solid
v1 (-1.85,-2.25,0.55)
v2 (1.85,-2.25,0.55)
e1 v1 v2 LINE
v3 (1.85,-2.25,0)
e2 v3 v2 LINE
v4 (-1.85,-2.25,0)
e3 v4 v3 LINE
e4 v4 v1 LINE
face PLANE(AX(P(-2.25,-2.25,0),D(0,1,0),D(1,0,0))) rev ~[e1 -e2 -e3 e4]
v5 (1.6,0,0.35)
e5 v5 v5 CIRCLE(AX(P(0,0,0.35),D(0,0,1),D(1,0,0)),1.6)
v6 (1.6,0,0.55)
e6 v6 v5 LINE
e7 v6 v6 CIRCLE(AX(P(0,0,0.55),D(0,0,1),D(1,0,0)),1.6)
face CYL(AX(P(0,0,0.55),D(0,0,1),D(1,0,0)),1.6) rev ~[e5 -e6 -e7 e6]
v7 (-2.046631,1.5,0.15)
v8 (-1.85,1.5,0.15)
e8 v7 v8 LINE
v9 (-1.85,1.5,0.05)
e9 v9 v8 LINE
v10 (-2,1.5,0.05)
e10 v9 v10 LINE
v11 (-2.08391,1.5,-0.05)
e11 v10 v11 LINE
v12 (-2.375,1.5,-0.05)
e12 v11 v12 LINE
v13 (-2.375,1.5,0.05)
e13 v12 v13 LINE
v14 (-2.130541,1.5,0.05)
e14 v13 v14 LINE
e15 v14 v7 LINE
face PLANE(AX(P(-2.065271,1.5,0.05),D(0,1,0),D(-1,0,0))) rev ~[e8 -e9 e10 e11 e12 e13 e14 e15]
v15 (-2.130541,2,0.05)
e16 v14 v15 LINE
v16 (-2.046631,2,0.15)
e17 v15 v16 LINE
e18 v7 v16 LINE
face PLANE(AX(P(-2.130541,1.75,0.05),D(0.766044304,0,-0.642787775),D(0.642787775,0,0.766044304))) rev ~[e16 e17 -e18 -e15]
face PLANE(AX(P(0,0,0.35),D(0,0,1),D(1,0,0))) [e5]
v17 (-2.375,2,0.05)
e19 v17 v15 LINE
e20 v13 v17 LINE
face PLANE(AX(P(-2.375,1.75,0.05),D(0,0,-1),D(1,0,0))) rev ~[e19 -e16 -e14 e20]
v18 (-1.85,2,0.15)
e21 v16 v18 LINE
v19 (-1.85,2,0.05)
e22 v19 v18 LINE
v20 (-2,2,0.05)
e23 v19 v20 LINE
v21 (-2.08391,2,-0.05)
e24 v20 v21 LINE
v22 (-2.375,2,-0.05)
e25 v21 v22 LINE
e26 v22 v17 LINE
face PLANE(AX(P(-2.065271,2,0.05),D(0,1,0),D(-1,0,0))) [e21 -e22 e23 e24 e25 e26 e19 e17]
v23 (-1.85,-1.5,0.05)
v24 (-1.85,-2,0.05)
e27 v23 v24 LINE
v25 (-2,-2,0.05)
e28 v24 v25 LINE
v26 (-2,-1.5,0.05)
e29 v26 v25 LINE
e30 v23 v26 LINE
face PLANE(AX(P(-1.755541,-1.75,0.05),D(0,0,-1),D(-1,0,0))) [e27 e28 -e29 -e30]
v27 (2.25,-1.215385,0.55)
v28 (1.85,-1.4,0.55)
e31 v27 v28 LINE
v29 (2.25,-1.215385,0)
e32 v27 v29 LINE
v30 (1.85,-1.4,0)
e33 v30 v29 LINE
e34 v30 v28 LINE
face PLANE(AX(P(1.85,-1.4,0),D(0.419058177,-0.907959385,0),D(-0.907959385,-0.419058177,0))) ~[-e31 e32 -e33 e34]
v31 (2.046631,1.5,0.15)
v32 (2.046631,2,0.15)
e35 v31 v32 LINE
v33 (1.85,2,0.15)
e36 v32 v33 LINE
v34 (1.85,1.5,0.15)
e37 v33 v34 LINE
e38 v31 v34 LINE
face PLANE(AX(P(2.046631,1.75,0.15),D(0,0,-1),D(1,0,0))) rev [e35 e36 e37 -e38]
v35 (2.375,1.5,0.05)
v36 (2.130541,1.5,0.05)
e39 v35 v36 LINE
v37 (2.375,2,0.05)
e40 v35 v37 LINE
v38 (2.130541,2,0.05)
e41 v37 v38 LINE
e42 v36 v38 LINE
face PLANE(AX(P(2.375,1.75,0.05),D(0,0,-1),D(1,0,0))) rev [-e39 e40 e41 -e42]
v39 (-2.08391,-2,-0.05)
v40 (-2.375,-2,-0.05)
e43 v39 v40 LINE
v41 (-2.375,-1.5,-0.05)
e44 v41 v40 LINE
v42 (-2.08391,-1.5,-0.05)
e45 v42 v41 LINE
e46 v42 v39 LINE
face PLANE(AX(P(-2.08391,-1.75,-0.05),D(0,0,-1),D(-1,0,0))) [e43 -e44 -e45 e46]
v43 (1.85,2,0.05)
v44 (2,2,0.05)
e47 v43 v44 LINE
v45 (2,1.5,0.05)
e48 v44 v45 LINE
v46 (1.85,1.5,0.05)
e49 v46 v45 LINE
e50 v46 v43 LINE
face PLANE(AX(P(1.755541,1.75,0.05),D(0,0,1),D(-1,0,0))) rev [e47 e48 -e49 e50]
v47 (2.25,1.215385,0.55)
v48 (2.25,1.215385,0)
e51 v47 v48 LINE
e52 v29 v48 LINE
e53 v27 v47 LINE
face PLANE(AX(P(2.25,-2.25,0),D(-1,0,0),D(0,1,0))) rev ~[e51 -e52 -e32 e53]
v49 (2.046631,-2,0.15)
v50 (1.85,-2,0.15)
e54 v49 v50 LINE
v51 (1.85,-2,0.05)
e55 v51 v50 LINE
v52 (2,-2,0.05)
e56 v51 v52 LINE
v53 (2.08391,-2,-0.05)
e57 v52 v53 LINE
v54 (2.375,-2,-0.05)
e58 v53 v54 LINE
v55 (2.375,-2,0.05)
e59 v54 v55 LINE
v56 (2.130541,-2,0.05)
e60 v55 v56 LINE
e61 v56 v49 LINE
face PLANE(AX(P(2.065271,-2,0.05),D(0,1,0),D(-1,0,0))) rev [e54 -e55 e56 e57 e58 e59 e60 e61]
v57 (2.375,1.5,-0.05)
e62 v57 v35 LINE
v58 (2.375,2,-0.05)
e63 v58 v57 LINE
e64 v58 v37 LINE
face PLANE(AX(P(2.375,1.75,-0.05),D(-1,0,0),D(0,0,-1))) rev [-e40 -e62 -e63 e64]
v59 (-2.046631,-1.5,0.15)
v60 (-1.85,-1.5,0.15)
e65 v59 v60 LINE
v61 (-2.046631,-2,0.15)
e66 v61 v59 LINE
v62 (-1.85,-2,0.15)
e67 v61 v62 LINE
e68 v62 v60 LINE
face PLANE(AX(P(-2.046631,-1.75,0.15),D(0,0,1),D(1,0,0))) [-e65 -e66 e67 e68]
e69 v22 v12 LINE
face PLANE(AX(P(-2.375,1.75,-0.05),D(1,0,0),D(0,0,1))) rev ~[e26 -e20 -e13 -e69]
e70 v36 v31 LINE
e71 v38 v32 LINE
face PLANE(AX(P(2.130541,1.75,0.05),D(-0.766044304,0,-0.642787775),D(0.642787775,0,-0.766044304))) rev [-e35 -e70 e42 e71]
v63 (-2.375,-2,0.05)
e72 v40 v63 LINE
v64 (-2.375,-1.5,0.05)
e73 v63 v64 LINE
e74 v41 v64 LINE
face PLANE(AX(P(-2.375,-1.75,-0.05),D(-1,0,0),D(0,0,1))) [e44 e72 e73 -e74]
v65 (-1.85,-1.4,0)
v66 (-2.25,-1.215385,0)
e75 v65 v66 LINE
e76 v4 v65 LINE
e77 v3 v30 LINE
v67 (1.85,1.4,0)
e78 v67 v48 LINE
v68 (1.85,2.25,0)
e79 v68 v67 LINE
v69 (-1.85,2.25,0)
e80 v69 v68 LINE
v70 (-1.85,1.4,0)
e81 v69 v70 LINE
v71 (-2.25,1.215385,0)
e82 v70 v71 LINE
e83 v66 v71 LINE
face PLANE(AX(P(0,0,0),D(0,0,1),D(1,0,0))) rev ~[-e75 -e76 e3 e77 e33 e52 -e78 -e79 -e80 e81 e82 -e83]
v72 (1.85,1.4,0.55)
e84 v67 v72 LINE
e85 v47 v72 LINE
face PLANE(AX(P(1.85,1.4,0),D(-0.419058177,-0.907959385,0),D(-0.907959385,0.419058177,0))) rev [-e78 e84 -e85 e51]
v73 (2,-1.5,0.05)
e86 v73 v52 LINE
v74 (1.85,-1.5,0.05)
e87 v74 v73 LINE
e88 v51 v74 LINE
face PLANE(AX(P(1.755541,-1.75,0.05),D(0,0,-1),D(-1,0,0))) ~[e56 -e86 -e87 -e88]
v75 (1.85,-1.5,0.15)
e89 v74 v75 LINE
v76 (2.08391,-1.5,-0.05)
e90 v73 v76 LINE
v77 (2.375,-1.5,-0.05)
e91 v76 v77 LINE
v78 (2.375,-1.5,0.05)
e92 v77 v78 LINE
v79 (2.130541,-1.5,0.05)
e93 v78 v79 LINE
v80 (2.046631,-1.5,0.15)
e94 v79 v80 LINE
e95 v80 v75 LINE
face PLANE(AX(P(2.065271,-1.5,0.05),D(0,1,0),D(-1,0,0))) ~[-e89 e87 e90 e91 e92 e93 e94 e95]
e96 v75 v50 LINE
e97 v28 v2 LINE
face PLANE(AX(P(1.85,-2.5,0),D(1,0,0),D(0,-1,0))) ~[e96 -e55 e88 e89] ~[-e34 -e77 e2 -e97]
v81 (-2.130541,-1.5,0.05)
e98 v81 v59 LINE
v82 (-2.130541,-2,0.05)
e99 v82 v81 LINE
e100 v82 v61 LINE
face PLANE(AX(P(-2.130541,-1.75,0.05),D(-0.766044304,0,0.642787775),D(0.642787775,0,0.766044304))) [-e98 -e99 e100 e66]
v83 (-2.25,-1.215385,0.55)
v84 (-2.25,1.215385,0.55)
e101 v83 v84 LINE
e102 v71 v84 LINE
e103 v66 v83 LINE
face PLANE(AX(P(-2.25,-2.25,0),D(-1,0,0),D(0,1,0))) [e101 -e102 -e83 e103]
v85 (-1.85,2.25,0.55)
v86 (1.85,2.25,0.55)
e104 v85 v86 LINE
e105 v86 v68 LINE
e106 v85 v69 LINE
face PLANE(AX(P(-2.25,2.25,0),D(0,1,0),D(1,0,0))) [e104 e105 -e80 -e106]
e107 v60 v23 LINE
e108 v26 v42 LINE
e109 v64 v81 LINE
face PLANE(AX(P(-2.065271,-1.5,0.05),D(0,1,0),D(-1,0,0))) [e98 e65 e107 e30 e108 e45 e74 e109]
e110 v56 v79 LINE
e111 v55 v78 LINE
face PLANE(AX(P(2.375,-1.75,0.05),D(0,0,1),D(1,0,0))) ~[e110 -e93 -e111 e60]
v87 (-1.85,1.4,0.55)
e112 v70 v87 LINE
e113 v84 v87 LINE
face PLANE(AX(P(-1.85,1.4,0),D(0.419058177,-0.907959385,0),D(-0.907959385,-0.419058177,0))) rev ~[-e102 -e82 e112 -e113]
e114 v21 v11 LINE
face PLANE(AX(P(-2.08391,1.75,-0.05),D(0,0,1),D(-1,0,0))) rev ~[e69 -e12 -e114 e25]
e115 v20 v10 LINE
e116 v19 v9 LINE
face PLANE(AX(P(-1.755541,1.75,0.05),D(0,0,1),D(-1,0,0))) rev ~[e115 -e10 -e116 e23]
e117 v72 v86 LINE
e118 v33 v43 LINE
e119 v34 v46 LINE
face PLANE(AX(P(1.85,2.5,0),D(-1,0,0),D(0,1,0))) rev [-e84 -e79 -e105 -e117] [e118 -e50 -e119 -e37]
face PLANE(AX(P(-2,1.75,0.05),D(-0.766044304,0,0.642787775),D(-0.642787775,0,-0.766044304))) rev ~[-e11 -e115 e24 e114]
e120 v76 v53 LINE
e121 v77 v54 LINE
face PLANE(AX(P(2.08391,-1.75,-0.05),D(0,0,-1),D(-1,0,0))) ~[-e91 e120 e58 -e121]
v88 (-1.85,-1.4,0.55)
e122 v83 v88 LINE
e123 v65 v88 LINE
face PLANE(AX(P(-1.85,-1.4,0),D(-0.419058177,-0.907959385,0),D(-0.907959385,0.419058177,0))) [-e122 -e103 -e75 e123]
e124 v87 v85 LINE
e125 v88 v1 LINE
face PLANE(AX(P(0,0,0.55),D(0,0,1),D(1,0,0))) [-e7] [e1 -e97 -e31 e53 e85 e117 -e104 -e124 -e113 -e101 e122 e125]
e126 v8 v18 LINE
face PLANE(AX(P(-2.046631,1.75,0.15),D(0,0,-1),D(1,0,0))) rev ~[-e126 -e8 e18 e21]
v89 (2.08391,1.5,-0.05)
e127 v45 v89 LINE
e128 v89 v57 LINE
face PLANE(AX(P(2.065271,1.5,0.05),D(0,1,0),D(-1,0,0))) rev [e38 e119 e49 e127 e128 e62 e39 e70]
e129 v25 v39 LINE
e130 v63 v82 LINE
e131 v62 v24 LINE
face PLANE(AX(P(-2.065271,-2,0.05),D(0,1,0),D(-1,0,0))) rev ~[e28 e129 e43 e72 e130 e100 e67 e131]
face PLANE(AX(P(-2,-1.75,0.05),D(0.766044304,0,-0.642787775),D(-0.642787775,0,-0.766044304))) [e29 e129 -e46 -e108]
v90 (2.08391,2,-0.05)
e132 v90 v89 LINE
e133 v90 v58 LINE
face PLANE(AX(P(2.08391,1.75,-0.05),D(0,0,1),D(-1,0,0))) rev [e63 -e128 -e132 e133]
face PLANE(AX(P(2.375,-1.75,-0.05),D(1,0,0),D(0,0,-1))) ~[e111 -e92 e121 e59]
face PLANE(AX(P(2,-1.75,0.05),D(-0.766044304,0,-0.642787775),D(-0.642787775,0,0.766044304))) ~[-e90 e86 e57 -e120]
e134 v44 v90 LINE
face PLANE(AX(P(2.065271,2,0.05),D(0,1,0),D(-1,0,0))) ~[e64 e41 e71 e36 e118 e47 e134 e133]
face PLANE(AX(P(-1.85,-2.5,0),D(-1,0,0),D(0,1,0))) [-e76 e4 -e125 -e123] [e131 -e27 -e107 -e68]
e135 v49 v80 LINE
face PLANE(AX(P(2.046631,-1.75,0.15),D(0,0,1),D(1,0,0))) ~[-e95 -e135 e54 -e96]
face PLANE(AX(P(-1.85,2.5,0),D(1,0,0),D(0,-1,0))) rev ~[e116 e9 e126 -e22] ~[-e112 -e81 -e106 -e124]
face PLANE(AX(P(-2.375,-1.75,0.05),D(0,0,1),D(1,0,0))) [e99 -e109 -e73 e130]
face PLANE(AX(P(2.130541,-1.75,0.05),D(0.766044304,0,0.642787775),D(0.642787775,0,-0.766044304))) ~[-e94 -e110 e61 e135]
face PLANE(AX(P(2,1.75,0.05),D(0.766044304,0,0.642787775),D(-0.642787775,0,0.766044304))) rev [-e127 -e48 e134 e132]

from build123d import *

# Parameters (mm, degrees)
SKETCH_W                   = 4.5
SKETCH_H                   = 4.5
PAD_DEPTH                  = 0.55
POCKET_DEPTH               = 13.326367
POCKET_MIRRORED_2_DEPTH    = 13.326367
SKETCH002_R                = 1.6
POCKET001_DEPTH            = 0.2
PAD001_DEPTH               = 0.25
PAD001_MIRRORED002_2_DEPTH = 0.25


with BuildPart() as part:
    # Sketch → Pad (new body)
    with BuildSketch(Plane.XY):
        Rectangle(SKETCH_W, SKETCH_H)
    extrude(amount=PAD_DEPTH)

    # Sketch001 → Pocket (cut, through all)
    with BuildSketch(Plane.XY):
        Polygon((-1.85, 2.5), (-1.85, 1.4), (-2.5, 1.1), (-2.5, 2.5), align=None)
    pocket = extrude(amount=POCKET_DEPTH, mode=Mode.SUBTRACT)

    # Sketch001 Mirrored 2 → Pocket Mirrored 2 (cut, through all)
    with BuildSketch(Plane(origin=(0, 0, 0), x_dir=(1, 0, 0), z_dir=(0, 0, -1))):
        Polygon((-1.85, 2.5), (-1.85, 1.4), (-2.5, 1.1), (-2.5, 2.5), align=None)
    pocket_mirrored_2 = extrude(amount=-POCKET_MIRRORED_2_DEPTH, mode=Mode.SUBTRACT)

    # Mirrored001: Pocket, Pocket Mirrored 2 across YZ
    add(pocket.mirror(Plane.YZ), mode=Mode.SUBTRACT)
    add(pocket_mirrored_2.mirror(Plane.YZ), mode=Mode.SUBTRACT)

    # Sketch002 (on Face4 of MultiTransform) → Pocket001 (cut)
    with BuildSketch(Plane.XY.offset(0.55)):
        Circle(SKETCH002_R)
    extrude(amount=-POCKET001_DEPTH, mode=Mode.SUBTRACT)

    # Sketch003 (on DatumPlane) → Pad001 (join, symmetric)
    with BuildSketch(Plane.XZ.offset(-1.75)):
        Polygon((-2.375, -0.05), (-2.375, 0.05), (-2.130541, 0.05), (-2.046631, 0.15), (-1.755541, 0.15), (-1.755541, 0.05), (-2, 0.05), (-2.08391, -0.05), align=None)
    pad001 = extrude(amount=PAD001_DEPTH, both=True)

    # Sketch003 Mirrored002 2 → Pad001 Mirrored002 2 (add, symmetric)
    with BuildSketch(Plane.XZ.offset(1.75)):
        Polygon((-2.375, -0.05), (-2.375, 0.05), (-2.130541, 0.05), (-2.046631, 0.15), (-1.755541, 0.15), (-1.755541, 0.05), (-2, 0.05), (-2.08391, -0.05), align=None)
    pad001_mirrored002_2 = extrude(amount=-PAD001_MIRRORED002_2_DEPTH, both=True)

    # Mirrored003: Pad001, Pad001 Mirrored002 2 across YZ
    add(pad001.mirror(Plane.YZ))
    add(pad001_mirrored002_2.mirror(Plane.YZ))


solid = part.part
